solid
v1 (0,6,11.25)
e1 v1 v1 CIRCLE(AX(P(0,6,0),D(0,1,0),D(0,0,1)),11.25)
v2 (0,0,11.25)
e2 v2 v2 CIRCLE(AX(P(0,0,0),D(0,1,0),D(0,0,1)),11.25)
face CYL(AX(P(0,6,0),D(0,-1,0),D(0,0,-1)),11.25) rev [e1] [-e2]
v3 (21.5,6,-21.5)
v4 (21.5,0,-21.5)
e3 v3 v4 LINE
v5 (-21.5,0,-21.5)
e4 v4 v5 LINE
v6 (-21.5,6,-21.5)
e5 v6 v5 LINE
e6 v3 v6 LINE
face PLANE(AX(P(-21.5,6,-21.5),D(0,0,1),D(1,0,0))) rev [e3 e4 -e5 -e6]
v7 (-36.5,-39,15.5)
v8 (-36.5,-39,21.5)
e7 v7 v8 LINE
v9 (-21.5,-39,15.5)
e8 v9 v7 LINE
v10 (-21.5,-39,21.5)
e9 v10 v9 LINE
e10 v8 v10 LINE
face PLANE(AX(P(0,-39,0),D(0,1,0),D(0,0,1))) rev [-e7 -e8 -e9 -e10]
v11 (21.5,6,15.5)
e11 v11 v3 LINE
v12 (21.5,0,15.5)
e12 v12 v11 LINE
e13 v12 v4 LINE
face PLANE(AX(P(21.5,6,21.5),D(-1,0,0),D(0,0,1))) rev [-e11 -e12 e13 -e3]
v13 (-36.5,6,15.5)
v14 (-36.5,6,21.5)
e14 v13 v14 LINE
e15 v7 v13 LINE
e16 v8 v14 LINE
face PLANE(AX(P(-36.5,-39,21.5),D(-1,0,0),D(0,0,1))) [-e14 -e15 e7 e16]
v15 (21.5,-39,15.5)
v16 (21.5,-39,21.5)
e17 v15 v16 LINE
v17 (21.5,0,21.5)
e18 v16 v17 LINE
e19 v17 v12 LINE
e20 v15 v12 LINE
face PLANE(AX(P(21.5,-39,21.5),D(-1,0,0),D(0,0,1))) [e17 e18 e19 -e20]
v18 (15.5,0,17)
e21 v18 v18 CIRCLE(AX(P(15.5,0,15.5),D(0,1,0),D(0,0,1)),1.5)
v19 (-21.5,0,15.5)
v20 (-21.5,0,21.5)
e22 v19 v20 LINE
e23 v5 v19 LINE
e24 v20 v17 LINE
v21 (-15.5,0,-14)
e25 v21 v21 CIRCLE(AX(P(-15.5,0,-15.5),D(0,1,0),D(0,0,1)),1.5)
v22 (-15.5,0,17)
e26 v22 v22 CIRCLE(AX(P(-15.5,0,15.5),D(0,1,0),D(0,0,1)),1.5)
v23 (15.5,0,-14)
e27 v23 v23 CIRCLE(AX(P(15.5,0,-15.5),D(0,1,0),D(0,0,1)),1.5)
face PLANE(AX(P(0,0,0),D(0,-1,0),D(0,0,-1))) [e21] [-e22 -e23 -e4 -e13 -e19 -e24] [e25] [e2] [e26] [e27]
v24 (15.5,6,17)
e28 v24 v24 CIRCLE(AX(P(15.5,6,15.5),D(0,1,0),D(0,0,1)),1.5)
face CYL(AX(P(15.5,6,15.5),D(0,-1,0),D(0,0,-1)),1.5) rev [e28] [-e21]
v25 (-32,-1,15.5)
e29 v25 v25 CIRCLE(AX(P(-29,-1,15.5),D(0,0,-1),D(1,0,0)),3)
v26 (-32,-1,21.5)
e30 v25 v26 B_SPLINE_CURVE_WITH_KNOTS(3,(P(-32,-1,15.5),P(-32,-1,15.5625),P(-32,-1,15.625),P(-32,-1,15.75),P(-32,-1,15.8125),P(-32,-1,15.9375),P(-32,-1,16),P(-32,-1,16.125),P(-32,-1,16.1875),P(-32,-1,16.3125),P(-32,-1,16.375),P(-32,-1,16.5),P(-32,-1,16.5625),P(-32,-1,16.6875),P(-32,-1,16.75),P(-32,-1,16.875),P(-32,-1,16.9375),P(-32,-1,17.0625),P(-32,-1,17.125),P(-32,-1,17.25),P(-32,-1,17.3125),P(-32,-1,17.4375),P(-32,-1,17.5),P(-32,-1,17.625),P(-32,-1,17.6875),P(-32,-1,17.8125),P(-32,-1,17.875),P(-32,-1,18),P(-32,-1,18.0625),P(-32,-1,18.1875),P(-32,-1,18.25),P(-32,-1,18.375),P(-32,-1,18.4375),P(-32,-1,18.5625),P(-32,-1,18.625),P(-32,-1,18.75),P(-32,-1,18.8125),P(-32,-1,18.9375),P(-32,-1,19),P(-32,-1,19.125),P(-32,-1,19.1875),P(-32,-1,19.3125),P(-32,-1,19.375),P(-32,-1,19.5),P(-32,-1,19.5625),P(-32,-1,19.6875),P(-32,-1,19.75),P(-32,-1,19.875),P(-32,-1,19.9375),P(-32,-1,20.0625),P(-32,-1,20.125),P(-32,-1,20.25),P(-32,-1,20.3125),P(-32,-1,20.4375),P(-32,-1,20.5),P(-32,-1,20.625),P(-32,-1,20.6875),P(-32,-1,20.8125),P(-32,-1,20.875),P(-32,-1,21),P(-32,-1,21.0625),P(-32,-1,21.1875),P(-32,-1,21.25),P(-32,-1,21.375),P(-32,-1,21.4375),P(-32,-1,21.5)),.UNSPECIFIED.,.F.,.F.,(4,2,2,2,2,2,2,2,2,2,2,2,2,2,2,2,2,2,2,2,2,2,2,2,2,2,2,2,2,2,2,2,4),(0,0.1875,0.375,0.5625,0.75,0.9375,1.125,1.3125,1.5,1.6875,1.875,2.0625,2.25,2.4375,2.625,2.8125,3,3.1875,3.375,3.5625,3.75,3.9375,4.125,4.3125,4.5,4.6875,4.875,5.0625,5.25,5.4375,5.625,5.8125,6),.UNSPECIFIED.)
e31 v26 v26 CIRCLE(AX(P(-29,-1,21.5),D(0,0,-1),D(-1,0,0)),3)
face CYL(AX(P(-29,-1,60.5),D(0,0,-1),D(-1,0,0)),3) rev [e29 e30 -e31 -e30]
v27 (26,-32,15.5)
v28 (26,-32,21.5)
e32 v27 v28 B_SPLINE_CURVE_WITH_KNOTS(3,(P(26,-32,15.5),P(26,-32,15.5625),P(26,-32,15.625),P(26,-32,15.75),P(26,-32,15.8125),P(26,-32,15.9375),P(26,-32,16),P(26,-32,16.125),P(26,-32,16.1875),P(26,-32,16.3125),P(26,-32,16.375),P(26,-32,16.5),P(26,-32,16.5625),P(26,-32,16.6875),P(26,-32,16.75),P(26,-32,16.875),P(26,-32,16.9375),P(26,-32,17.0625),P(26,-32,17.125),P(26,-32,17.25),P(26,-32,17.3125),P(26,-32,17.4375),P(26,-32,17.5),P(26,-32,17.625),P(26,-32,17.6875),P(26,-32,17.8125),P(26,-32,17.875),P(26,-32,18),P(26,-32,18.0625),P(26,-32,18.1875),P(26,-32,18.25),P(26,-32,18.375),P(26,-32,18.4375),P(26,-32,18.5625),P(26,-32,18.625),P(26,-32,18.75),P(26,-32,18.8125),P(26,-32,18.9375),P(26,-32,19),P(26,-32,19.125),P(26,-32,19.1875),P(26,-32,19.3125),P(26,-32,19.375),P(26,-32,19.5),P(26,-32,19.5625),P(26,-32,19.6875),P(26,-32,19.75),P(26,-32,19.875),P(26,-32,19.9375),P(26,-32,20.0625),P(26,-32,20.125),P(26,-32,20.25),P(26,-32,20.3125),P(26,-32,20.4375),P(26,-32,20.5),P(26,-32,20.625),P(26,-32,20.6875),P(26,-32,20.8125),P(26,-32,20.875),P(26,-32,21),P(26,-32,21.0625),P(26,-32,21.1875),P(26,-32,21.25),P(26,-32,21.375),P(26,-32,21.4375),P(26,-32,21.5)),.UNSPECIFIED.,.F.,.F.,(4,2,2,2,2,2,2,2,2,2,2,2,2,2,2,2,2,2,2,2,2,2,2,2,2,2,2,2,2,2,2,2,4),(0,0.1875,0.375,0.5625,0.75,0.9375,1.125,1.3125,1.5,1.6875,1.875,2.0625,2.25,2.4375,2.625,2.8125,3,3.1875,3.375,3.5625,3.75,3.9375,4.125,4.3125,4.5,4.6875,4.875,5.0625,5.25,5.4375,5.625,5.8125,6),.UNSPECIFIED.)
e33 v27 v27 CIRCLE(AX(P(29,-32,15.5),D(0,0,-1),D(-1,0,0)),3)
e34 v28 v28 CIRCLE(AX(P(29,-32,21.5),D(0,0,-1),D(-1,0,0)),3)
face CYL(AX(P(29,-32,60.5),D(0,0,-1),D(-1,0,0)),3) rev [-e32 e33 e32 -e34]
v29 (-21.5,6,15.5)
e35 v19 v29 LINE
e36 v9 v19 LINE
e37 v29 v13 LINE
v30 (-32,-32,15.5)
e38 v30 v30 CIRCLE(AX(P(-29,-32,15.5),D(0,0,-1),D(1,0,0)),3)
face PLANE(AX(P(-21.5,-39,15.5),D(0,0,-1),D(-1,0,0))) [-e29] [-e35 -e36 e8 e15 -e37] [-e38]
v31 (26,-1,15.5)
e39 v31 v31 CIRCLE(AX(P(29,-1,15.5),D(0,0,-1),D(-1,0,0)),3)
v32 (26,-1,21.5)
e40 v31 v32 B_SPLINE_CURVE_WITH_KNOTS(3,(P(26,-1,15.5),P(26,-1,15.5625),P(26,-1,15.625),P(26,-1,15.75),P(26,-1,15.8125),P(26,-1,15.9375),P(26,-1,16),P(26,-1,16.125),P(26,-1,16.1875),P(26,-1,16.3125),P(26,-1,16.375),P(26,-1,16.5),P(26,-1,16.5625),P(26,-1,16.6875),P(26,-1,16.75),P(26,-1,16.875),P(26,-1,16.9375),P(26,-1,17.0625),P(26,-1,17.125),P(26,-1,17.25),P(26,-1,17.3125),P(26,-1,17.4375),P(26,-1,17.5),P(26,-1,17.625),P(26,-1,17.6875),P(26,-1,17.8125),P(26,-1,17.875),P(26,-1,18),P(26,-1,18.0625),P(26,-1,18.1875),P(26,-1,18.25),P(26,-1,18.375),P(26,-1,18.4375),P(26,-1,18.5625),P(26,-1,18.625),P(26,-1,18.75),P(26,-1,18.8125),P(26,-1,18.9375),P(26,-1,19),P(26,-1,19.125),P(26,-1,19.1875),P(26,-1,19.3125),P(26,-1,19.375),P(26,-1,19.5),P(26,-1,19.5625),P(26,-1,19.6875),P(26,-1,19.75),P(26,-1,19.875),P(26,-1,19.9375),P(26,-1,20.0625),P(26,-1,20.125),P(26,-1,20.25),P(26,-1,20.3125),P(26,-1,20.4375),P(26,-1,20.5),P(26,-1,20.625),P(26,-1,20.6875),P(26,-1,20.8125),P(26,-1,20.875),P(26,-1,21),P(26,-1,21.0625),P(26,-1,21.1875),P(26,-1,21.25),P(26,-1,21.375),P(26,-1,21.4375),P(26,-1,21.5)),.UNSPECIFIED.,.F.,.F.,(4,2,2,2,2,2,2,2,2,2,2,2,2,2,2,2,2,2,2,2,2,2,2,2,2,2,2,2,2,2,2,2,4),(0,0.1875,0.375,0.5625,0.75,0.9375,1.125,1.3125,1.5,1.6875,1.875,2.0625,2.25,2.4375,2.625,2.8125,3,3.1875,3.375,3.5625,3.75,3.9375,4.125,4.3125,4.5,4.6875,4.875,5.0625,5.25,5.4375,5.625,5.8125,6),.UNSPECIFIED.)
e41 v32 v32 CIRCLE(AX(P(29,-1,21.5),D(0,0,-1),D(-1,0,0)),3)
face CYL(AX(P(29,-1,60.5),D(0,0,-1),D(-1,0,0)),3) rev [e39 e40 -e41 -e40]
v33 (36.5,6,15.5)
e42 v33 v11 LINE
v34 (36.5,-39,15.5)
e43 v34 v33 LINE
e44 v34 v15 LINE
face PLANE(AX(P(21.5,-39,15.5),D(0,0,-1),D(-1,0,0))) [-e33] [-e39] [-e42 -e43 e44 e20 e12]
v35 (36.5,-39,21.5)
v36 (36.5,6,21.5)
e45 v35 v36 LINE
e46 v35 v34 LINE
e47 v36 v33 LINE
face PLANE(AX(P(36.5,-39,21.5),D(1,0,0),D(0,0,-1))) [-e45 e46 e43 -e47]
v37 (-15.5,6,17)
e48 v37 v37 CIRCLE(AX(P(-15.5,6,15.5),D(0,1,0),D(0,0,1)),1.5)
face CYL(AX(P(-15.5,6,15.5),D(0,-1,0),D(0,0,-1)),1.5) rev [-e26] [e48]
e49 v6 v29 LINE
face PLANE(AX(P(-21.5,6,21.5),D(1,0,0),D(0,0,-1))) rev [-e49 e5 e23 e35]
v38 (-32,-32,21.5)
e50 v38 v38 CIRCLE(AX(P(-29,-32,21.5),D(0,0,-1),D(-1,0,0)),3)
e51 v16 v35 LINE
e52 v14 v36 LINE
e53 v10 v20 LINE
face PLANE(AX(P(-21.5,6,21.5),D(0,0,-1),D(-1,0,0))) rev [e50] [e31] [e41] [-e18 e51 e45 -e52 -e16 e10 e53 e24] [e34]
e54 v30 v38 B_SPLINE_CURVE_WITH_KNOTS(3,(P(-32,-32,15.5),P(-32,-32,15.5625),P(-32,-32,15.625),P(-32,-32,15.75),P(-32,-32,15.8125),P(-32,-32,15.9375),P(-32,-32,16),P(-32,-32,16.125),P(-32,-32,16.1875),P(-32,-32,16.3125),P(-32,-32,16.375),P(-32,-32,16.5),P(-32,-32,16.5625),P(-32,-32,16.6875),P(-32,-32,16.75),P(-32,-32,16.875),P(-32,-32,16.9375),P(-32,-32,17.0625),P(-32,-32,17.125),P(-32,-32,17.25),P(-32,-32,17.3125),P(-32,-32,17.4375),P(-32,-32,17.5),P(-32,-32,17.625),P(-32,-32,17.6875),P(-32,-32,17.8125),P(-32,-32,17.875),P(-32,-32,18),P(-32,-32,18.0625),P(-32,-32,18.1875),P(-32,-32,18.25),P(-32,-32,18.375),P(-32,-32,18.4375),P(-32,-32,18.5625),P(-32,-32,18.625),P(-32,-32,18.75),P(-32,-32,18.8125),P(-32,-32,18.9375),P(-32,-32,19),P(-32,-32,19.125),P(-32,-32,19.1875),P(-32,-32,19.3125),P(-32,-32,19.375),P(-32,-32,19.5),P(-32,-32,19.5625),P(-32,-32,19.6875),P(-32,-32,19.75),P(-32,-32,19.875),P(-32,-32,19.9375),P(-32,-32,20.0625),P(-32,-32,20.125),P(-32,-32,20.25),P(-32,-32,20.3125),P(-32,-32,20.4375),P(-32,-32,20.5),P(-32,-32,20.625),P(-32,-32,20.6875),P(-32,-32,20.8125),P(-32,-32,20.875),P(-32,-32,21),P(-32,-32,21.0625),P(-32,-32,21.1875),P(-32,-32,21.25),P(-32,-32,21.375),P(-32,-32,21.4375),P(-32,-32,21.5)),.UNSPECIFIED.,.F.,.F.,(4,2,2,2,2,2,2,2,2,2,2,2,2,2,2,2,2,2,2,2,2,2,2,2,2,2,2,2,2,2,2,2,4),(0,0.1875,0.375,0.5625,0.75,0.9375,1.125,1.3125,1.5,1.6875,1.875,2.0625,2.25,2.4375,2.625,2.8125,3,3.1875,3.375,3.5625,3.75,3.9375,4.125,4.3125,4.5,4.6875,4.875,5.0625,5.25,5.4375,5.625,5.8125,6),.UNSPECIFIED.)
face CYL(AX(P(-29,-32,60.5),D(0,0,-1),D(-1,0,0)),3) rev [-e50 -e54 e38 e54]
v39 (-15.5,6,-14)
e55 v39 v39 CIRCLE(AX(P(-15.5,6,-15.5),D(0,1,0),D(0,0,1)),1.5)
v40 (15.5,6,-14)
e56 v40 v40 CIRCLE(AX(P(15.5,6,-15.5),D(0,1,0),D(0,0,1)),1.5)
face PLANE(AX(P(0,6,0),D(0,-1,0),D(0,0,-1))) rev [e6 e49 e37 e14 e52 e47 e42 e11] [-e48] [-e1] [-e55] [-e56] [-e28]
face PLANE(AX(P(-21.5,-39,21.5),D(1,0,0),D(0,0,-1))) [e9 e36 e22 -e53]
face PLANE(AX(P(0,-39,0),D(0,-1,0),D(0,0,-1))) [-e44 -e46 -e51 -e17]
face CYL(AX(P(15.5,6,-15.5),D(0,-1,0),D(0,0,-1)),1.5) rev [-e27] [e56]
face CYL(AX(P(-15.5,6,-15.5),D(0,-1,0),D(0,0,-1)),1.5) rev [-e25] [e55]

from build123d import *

# Parameters (mm, degrees)
CROQUIS1_W              = 43
CROQUIS1_H              = 43
CROQUIS1_R              = 1.5
CROQUIS1_R_2            = 11.25
SALIENTE_EXTRUIR1_DEPTH = 6
CROQUIS2_W              = 15
CROQUIS2_H              = 6
SALIENTE_EXTRUIR2_DEPTH = 45
CROQUIS3_R              = 3
CORTAR_EXTRUIR1_DEPTH   = 45


with BuildPart() as part:
    # Croquis1 → Saliente-Extruir1 (new body)
    with BuildSketch(Plane(origin=(0, 0, 0), x_dir=(1, 0, 0), z_dir=(0, 1, 0))):
        Rectangle(CROQUIS1_W, CROQUIS1_H)
        with Locations(Location((-15.5, 15.5, 0), (0, 0, 270))):
            Circle(CROQUIS1_R, mode=Mode.SUBTRACT)
        with Locations(Location((15.5, 15.5, 0), (0, 0, 270))):
            Circle(CROQUIS1_R, mode=Mode.SUBTRACT)
        with Locations(Location((-15.5, -15.5, 0), (0, 0, 270))):
            Circle(CROQUIS1_R, mode=Mode.SUBTRACT)
        with Locations(Location((15.5, -15.5, 0), (0, 0, 270))):
            Circle(CROQUIS1_R, mode=Mode.SUBTRACT)
        with Locations(Location((0, 0, 0), (0, 0, 270))):
            Circle(CROQUIS1_R_2, mode=Mode.SUBTRACT)
    extrude(amount=SALIENTE_EXTRUIR1_DEPTH)

    # Croquis2 → Saliente-Extruir2 (add)
    with BuildSketch(Plane(origin=(0, 6, 0), x_dir=(1, 0, 0), z_dir=(0, 1, 0))):
        with Locations((-29, -18.5)):
            Rectangle(CROQUIS2_W, CROQUIS2_H)
        with Locations((29, -18.5)):
            Rectangle(CROQUIS2_W, CROQUIS2_H)
    extrude(amount=-SALIENTE_EXTRUIR2_DEPTH)

    # Croquis3 → Cortar-Extruir1 (cut)
    with BuildSketch(Plane(origin=(0, 0, 15.5), x_dir=(-1, 0, 0), z_dir=(0, 0, -1))):
        with Locations((-29, -32)):
            Circle(CROQUIS3_R)
        with Locations((-29, -1)):
            Circle(CROQUIS3_R)
        with Locations((29, -1)):
            Circle(CROQUIS3_R)
        with Locations((29, -32)):
            Circle(CROQUIS3_R)
    extrude(amount=-CORTAR_EXTRUIR1_DEPTH, mode=Mode.SUBTRACT)


solid = part.part
